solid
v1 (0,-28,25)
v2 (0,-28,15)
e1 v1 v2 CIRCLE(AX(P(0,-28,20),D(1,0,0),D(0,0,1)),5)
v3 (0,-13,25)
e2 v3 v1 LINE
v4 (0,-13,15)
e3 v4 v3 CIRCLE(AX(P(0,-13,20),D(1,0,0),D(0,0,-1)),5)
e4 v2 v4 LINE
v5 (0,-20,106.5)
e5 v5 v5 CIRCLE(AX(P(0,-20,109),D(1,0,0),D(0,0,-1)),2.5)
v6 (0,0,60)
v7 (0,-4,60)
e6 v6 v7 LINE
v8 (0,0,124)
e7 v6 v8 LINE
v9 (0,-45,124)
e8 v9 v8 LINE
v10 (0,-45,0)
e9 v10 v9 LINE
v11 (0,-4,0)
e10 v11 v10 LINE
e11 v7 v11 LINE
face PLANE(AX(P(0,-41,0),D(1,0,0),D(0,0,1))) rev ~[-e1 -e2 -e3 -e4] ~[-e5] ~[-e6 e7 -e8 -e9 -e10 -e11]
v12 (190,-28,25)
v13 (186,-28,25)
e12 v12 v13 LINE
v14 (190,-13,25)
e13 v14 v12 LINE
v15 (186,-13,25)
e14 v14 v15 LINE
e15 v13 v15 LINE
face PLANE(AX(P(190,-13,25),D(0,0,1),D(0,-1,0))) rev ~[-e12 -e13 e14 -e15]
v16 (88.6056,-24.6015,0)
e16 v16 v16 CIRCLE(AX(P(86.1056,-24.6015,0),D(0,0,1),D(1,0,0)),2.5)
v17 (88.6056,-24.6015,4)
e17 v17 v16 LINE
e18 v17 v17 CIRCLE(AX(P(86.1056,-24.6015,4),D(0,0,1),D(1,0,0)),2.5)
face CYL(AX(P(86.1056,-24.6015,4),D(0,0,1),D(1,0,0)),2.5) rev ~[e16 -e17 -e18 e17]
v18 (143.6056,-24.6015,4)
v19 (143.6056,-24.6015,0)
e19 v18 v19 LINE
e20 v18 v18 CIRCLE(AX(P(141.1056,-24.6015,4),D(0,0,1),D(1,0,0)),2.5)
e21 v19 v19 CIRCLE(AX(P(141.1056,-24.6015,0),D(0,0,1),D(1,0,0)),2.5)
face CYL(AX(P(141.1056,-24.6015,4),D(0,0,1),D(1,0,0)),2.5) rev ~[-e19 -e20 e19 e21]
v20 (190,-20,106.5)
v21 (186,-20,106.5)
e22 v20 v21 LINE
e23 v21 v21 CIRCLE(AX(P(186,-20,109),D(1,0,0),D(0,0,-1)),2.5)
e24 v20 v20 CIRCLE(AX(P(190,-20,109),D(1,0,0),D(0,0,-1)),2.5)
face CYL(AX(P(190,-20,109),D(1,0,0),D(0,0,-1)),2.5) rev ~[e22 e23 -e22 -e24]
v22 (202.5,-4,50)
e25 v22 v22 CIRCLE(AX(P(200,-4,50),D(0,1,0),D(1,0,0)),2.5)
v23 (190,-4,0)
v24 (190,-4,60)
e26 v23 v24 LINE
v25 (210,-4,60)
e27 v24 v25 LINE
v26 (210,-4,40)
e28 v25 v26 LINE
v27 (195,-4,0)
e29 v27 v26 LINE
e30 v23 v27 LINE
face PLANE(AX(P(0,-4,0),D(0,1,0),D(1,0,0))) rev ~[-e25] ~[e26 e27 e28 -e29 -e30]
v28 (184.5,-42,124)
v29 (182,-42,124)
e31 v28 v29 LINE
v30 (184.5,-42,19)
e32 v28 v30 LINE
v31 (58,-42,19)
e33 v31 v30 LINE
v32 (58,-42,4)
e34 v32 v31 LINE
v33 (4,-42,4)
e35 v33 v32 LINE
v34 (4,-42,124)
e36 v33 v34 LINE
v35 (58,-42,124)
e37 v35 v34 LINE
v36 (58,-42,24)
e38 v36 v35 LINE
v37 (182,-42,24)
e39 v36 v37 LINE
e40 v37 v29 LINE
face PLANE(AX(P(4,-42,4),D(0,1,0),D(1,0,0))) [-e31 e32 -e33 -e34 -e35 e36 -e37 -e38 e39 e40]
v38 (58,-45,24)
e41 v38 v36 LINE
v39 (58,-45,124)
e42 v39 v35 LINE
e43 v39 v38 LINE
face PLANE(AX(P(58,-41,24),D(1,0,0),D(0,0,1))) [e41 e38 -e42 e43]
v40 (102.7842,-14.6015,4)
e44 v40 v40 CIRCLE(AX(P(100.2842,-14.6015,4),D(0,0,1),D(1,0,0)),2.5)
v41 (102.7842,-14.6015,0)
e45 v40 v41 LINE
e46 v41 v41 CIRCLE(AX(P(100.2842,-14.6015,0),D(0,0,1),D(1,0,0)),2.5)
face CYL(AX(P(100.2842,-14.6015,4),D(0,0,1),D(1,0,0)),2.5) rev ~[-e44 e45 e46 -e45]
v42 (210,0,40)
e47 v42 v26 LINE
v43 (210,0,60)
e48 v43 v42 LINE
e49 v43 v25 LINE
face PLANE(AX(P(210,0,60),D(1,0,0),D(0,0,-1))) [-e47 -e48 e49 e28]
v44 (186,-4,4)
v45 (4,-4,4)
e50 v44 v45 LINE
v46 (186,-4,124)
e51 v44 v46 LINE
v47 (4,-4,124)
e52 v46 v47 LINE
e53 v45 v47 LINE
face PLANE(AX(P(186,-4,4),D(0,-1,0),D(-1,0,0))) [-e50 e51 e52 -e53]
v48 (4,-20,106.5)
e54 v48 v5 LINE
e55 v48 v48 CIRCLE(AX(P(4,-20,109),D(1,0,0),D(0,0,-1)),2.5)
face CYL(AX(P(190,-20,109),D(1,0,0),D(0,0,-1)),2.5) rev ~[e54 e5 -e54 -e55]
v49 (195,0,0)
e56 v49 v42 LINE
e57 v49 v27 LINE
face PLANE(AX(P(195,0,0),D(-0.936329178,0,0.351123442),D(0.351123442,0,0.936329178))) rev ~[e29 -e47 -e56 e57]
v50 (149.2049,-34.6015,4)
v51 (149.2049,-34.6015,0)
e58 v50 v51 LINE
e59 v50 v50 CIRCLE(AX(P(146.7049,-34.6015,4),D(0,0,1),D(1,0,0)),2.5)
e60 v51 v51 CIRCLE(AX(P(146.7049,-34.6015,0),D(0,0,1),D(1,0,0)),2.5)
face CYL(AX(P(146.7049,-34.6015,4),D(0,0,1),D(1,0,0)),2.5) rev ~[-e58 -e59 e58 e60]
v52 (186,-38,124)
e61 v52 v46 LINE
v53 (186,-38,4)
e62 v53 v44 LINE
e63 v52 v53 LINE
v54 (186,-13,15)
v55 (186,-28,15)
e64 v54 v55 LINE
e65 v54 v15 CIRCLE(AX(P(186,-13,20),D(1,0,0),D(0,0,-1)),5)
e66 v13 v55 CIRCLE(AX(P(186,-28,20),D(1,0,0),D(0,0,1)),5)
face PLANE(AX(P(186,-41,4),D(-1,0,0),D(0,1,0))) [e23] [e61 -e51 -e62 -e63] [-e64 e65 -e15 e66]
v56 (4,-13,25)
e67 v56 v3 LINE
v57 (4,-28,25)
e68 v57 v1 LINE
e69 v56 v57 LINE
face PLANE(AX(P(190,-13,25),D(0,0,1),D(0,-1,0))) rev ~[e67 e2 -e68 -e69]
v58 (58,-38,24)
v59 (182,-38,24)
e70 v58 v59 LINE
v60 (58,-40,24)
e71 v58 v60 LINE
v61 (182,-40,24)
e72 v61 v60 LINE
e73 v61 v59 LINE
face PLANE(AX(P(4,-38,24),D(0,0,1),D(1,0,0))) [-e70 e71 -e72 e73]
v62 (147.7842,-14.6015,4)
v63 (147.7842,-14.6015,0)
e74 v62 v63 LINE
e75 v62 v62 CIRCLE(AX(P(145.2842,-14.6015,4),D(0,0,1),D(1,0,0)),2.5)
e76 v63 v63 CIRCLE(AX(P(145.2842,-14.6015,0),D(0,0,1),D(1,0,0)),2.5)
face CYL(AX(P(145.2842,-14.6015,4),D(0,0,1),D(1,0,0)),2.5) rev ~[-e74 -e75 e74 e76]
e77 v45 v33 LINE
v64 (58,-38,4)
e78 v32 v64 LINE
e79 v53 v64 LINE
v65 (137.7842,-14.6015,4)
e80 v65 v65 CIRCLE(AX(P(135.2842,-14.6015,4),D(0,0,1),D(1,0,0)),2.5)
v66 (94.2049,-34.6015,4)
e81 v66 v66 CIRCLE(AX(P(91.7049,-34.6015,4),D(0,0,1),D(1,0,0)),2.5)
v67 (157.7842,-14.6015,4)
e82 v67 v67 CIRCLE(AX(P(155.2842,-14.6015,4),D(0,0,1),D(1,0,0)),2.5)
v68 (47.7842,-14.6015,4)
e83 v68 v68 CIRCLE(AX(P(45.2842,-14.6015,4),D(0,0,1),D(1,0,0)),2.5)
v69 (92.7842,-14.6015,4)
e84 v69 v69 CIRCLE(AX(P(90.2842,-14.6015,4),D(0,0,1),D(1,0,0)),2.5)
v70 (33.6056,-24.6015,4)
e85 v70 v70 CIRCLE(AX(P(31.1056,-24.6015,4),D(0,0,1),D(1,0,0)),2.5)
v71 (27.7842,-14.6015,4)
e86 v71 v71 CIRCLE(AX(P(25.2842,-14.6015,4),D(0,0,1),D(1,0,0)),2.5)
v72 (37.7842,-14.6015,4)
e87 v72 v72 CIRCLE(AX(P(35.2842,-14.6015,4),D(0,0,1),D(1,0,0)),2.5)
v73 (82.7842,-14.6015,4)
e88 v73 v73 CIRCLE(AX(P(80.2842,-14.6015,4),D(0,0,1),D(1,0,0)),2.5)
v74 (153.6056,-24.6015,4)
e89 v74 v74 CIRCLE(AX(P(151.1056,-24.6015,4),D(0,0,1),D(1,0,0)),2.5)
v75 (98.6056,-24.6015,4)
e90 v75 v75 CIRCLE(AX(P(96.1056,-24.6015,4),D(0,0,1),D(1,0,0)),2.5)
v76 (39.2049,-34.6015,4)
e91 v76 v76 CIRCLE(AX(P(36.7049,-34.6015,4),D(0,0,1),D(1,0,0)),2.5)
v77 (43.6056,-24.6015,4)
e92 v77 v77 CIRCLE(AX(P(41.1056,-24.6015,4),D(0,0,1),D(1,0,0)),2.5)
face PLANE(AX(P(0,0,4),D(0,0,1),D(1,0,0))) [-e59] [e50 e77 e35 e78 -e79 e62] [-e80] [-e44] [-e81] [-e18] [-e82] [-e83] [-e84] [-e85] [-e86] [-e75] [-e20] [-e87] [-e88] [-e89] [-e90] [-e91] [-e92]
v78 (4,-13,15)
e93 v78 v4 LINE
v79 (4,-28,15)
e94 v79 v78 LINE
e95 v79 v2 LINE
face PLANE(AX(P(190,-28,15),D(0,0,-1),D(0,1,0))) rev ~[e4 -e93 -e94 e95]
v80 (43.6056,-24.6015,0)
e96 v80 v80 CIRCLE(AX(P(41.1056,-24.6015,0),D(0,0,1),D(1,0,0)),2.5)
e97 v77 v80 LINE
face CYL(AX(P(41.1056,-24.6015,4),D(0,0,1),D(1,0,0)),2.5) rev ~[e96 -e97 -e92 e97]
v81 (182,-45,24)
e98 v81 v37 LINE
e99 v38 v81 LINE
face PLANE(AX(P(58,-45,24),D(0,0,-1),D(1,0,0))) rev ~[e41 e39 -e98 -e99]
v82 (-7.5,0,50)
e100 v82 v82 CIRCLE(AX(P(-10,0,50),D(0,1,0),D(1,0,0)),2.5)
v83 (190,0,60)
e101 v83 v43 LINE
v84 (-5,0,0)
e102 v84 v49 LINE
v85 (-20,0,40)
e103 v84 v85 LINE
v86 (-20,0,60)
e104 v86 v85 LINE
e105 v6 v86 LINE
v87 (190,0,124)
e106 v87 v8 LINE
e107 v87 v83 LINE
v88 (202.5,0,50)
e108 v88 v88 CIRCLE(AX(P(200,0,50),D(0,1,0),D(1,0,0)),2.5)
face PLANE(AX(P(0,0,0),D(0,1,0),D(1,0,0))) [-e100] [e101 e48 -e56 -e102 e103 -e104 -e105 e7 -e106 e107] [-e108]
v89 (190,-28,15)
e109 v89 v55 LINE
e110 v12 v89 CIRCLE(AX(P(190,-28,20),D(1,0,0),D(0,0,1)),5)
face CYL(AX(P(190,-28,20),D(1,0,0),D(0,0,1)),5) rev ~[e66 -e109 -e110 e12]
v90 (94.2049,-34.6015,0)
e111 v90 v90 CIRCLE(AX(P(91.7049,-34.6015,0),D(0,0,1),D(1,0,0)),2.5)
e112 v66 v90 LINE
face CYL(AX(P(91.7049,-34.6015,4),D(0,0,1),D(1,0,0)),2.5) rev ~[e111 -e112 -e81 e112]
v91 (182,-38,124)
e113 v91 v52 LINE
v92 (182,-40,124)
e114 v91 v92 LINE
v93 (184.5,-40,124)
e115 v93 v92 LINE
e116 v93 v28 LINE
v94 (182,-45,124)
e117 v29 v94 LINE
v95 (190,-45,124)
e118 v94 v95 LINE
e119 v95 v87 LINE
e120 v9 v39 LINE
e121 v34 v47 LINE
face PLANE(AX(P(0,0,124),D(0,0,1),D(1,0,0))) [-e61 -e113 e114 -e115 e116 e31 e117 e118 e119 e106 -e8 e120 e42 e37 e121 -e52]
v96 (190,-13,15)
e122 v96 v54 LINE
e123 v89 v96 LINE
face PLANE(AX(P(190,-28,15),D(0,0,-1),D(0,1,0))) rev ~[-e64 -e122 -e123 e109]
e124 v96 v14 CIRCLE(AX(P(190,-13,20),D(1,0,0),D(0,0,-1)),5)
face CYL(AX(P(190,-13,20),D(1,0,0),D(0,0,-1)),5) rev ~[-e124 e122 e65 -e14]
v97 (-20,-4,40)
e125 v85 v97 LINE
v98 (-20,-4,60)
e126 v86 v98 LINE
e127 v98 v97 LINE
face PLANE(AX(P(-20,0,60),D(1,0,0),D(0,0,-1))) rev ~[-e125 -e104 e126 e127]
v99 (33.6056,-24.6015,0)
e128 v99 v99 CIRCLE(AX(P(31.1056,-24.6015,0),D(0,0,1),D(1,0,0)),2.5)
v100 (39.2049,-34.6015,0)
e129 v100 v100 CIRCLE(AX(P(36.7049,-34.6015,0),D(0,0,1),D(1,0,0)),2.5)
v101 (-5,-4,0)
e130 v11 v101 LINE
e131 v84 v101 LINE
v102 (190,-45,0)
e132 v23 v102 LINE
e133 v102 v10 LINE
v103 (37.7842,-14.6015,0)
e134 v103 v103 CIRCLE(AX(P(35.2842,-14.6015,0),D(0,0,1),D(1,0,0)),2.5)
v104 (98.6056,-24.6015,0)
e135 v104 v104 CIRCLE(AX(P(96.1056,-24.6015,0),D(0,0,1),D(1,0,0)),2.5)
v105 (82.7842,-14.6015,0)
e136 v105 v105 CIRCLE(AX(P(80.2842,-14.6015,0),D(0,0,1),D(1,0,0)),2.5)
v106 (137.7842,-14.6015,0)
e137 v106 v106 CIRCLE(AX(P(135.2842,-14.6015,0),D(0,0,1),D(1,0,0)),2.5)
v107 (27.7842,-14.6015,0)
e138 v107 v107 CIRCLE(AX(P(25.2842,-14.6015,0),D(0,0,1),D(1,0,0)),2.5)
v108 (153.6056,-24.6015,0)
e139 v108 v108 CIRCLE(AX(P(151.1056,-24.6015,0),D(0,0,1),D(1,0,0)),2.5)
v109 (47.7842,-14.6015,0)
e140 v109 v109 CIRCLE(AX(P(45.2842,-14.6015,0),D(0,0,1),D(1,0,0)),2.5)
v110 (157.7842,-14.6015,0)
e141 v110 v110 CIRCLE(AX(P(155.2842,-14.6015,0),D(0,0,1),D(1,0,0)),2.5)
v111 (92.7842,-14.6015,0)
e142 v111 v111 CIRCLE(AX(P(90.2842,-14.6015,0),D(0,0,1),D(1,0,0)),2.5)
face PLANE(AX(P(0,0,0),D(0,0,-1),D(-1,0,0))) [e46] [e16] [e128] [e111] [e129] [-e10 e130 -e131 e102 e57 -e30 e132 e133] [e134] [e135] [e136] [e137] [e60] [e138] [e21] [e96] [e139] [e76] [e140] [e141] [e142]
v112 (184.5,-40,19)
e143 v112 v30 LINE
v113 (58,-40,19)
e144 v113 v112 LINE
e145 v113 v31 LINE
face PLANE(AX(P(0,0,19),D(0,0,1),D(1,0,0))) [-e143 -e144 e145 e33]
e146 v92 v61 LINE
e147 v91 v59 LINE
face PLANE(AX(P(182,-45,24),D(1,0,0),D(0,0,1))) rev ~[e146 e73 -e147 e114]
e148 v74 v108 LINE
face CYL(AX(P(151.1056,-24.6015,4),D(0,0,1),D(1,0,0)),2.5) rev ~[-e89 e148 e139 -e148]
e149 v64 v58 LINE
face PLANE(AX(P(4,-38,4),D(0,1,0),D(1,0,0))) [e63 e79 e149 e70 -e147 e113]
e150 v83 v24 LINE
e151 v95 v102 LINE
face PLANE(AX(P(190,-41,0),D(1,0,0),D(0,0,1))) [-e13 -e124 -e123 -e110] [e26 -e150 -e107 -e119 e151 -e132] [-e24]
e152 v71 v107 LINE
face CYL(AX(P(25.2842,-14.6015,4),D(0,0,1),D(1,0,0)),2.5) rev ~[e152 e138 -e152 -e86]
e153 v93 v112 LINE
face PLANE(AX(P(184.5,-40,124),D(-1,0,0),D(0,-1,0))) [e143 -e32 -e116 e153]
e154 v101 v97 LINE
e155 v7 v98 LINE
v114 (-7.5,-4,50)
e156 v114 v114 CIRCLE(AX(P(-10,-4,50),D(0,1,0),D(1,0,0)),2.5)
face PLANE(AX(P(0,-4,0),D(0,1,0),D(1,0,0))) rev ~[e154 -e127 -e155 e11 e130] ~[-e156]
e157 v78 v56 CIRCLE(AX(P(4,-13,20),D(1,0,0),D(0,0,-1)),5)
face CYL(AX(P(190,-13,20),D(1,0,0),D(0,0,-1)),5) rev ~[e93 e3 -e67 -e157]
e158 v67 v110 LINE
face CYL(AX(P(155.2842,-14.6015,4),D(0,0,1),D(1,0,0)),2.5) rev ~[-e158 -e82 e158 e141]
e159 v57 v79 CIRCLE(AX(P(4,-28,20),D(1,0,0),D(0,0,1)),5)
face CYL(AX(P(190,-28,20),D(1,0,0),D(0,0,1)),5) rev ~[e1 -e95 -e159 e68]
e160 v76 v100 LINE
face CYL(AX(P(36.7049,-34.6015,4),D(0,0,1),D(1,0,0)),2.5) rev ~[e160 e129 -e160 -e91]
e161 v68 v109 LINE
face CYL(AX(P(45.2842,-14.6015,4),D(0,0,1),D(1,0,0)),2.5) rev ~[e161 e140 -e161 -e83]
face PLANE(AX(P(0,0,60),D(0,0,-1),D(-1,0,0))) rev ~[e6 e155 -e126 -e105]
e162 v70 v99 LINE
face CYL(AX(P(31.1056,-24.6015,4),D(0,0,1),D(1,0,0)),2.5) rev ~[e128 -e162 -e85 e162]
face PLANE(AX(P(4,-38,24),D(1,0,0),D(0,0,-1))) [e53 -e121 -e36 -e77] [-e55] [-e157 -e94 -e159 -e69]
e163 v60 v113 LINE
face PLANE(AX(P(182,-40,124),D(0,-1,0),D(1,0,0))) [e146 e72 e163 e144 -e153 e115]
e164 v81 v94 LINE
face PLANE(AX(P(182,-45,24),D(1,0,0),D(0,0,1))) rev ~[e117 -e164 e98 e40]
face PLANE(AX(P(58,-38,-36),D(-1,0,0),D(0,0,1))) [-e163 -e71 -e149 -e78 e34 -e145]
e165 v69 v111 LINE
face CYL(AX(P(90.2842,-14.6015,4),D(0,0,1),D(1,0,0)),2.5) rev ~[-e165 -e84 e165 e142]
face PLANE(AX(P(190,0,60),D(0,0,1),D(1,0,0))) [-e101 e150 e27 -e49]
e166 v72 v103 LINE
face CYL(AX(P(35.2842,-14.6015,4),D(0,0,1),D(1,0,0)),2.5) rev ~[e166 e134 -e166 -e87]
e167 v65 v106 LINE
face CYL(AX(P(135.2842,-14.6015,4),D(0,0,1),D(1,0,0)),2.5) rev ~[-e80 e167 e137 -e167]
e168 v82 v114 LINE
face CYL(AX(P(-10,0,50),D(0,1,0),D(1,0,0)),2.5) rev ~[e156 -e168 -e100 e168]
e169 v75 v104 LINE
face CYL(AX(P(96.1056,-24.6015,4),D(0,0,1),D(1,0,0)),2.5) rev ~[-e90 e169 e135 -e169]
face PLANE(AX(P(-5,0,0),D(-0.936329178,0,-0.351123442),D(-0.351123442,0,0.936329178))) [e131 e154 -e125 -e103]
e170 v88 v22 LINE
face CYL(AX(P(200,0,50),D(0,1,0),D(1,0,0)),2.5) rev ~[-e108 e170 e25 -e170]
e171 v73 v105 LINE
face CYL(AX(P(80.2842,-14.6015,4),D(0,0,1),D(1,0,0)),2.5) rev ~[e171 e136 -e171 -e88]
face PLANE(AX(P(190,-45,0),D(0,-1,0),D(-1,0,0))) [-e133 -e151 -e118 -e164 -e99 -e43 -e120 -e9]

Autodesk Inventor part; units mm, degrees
ref_plane "YZ Plane" through (0, 0, 0) normal (1, 0, 0) x (0, 1, 0)
ref_plane "XZ Plane" through (0, 0, 0) normal (0, 1, 0) x (-1, 0, 0)
ref_plane "XY Plane" through (0, 0, 0) normal (0, 0, 1) x (1, 0, 0)
sketch "Náčrt2" plane through (0, 0, 0) normal (0, 0, 1) x (1, 0, 0)
  line L0 (0, 0) -> (190, 0)
  line L1 (190, 0) -> (190, -45)
  line L2 (190, -45) -> (0, -45)
  line L3 (0, -45) -> (0, 0)
  dimension "d2" = 190
  dimension "d3" = 45
extrude "Vysunutí2" add sketch "Náčrt2" along normal blind 4
sketch "Náčrt3" plane through (0, 0, 4) normal (0, 0, 1) x (1, 0, 0)
  line L0 (190, 0) -> (0, 0) projected
  line L1 (0, -45) -> (190, -45) projected
  line L2 (190, -45) -> (190, 0) projected
  line L3 (190, 0) -> (0, 0) projected
  line L4 (0, 0) -> (0, -45) projected
  line L5 (4, -41) -> (186, -41)
  line L6 (186, -41) -> (186, -4)
  line L7 (186, -4) -> (4, -4)
  line L8 (4, -4) -> (4, -41)
  dimension "d7" = 4
extrude "Vysunutí3" add sketch "Náčrt3" along normal blind 120
sketch "Náčrt4" plane through (0, -45, 0) normal (0, -1, 0) x (1, 0, 0)
  line L0 (4, 124) -> (186, 124) projected
  line L1 (182, 124) -> (58, 124)
  line L2 (58, 124) -> (58, 24)
  line L3 (58, 24) -> (182, 24)
  line L4 (182, 24) -> (182, 124)
  line L5 (190, 0) -> (190, 124) projected
  point P0 (0, 0)
  dimension "d10" = 8
  dimension "d11" = 100
  dimension "d12" = 124
extrude "Vysunutí4" cut sketch "Náčrt4" against normal blind 10
sketch "Náčrt6" plane through (4, -41, 4) normal (0, 1, 0) x (1, 0, 0)
  line L0 (-4, 4) -> (186, 4) projected
  line L1 (-4, 4) -> (-4, -120) projected
  line L2 (178, -120) -> (178, -20) projected
  line L3 (178, -20) -> (54, -20) projected
  line L4 (54, -20) -> (54, -120) projected
  line L5 (-4, -120) -> (54, -120) projected
  line L6 (-4, 4) -> (-4, -120) projected
  line L7 (-4, 4) -> (186, 4) projected
  line L8 (186, 4) -> (186, -120) projected
  line L9 (178, -120) -> (186, -120) projected
extrude "Vysunutí6" add sketch "Náčrt6" along normal blind 3
sketch "Náčrt7" plane through (0, 0, 124) normal (0, 0, 1) x (1, 0, 0)
  line L0 (184.5, -42) -> (4, -42)
  line L1 (4, -42) -> (4, -40)
  line L2 (4, -40) -> (184.5, -40)
  line L3 (184.5, -40) -> (184.5, -42)
  line L4 (182, -38) -> (182, -45) projected
  line L5 (182, -45) -> (190, -45) projected
  point P0 (0, 0)
  dimension "d25" = 2.5
  dimension "d26" = 2
  dimension "d27" = 3
  dimension "d28" = 180.5
extrude "Vysunutí7" cut sketch "Náčrt7" against normal blind 105
sketch "Náčrt8" plane through (4, -38, 4) normal (0, 1, 0) x (1, 0, 0)
  line L0 (54, -120) -> (54, -20) projected
  line L1 (0, -120) -> (54, -120) projected
  line L2 (54, -120) -> (0, -120)
  line L3 (0, -120) -> (0, -20)
  line L4 (0, -20) -> (54, -20)
  line L5 (54, -20) -> (54, -120)
  point P0 (-4, 4)
  point P1 (54, -20)
  dimension "d31" = 54
  dimension "d32" = 100
extrude "Vysunutí8" cut sketch "Náčrt8" against normal up to surface (4 mm away)
sketch "Náčrt9" plane through (4, -38, 4) normal (0, 1, 0) x (1, 0, 0)
  line L0 (54, -20) -> (54, -120) projected
  line L1 (0, 40) -> (54, 40)
  line L2 (54, 40) -> (54, -20)
  line L3 (54, -20) -> (0, -20)
  line L4 (0, -20) -> (0, 40)
  point P0 (-4, 4)
  dimension "d35" = 54
extrude "Vysunutí9" cut sketch "Náčrt9" against normal blind 4
sketch "Náčrt10" plane through (190, -45, 0) normal (1, 0, 0) x (0, 0, -1)
  circle A0 centre (-109, 25) radius 2.5
  line L0 (0, 0) -> (-124, 0) projected
  line L1 (-124, 0) -> (-124, 45) projected
  point P0 (0, 45)
  dimension "d38" = 5
  dimension "d39" = 25
  dimension "d40" = 15
extrude "Vysunutí10" cut sketch "Náčrt10" against normal through all
sketch "Náčrt11" plane through (0, 0, 4) normal (0, 0, 1) x (1, 0, 0)
  circle A0 centre (25.2842, -14.6015) radius 2.5
  circle A1 centre (35.2842, -14.6015) radius 2.5
  circle A2 centre (45.2842, -14.6015) radius 2.5
  circle A3 centre (31.1056, -24.6015) radius 2.5
  circle A4 centre (41.1056, -24.6015) radius 2.5
  circle A5 centre (36.7049, -34.6015) radius 2.5
  line L0 (25.2842, -14.6015) -> (59.2692, -14.6015) construction
  line L1 (31.1056, -24.6015) -> (52.5835, -24.6015) construction
  point P0 (0, 0)
  dimension "d43" = 5
  dimension "d44" = 5
  dimension "d45" = 5
  dimension "d46" = 5
  dimension "d47" = 5
  dimension "d48" = 5
  dimension "d49" = 10
  dimension "d50" = 10
  dimension "d51" = 10
  dimension "d52" = 10
  dimension "d53" = 10
extrude "Vysunutí11" cut sketch "Náčrt11" against normal through all
pattern_linear "Obdélníkové pole1" count 3 spacing 55 along (1, 0, 0) of "Vysunutí11"
sketch "Náčrt12" plane through (0, 0, 0) normal (0, 0, -1) x (-1, 0, 0)
  line L0 (-4, -42) -> (-58, -42) projected
  line L1 (-58, -38) -> (-4, -38) projected
  line L2 (-58, -42) -> (-58, -38) projected
  line L3 (-4, -38) -> (-4, -42) projected
  point P0 (0, 0)
extrude "Vysunutí12" add sketch "Náčrt12" against normal up to surface (4 mm away)
sketch "Náčrt13" plane through (190, -45, 0) normal (1, 0, 0) x (0, 0, -1)
  line L0 (-20, 12) -> (-20, 37) construction
  line L1 (-15, 17) -> (-15, 32)
  line L2 (-25, 32) -> (-25, 17)
  arc A0 (-25, 17) -> (-15, 17) centre (-20, 17) ccw
  arc A1 (-15, 32) -> (-25, 32) centre (-20, 32) ccw
  line L3 (0, 45) -> (-124, 45) projected
  line L4 (0, 0) -> (0, 45) projected
  point P0 (-20, 24.5)
  dimension "d61" = 25
  dimension "d62" = 10
  dimension "d63" = 8
  dimension "d64" = 20
extrude "Vysunutí13" cut sketch "Náčrt13" against normal through all
sketch "Náčrt14" plane through (0, 0, 0) normal (0, 1, 0) x (1, 0, 0)
  line L0 (190, 0) -> (190, -124) projected
  line L1 (190, -60) -> (210, -60)
  line L2 (210, -60) -> (210, -40)
  line L3 (210, -40) -> (190, -40)
  line L4 (190, -40) -> (190, -60)
  line L5 (190, 0) -> (0, 0) projected
  line L6 (190, 0) -> (195, 0)
  line L7 (195, 0) -> (210, -40)
  circle A0 centre (200, -50) radius 2.5
  line L8 (4, -124) -> (186, -124) projected
  line L9 (95, -124) -> (95, 0) construction
  line L10 (0, 0) -> (0, -124)
  line L11 (0, -60) -> (-20, -60)
  line L12 (-20, -60) -> (-20, -40)
  line L13 (-20, -40) -> (0, -40)
  line L14 (0, 0) -> (190, 0)
  line L15 (0, 0) -> (-5, 0)
  line L16 (-5, 0) -> (-20, -40)
  circle A1 centre (-10, -50) radius 2.5
  dimension "d67" = 20
  dimension "d68" = 20
  dimension "d69" = 40
  dimension "d70" = 5
  dimension "d71" = 5
  dimension "d72" = 10
  dimension "d73" = 10
extrude "Vysunutí14" add sketch "Náčrt14" against normal blind 4
properties part number "krab2-ver1" material "11 500"
